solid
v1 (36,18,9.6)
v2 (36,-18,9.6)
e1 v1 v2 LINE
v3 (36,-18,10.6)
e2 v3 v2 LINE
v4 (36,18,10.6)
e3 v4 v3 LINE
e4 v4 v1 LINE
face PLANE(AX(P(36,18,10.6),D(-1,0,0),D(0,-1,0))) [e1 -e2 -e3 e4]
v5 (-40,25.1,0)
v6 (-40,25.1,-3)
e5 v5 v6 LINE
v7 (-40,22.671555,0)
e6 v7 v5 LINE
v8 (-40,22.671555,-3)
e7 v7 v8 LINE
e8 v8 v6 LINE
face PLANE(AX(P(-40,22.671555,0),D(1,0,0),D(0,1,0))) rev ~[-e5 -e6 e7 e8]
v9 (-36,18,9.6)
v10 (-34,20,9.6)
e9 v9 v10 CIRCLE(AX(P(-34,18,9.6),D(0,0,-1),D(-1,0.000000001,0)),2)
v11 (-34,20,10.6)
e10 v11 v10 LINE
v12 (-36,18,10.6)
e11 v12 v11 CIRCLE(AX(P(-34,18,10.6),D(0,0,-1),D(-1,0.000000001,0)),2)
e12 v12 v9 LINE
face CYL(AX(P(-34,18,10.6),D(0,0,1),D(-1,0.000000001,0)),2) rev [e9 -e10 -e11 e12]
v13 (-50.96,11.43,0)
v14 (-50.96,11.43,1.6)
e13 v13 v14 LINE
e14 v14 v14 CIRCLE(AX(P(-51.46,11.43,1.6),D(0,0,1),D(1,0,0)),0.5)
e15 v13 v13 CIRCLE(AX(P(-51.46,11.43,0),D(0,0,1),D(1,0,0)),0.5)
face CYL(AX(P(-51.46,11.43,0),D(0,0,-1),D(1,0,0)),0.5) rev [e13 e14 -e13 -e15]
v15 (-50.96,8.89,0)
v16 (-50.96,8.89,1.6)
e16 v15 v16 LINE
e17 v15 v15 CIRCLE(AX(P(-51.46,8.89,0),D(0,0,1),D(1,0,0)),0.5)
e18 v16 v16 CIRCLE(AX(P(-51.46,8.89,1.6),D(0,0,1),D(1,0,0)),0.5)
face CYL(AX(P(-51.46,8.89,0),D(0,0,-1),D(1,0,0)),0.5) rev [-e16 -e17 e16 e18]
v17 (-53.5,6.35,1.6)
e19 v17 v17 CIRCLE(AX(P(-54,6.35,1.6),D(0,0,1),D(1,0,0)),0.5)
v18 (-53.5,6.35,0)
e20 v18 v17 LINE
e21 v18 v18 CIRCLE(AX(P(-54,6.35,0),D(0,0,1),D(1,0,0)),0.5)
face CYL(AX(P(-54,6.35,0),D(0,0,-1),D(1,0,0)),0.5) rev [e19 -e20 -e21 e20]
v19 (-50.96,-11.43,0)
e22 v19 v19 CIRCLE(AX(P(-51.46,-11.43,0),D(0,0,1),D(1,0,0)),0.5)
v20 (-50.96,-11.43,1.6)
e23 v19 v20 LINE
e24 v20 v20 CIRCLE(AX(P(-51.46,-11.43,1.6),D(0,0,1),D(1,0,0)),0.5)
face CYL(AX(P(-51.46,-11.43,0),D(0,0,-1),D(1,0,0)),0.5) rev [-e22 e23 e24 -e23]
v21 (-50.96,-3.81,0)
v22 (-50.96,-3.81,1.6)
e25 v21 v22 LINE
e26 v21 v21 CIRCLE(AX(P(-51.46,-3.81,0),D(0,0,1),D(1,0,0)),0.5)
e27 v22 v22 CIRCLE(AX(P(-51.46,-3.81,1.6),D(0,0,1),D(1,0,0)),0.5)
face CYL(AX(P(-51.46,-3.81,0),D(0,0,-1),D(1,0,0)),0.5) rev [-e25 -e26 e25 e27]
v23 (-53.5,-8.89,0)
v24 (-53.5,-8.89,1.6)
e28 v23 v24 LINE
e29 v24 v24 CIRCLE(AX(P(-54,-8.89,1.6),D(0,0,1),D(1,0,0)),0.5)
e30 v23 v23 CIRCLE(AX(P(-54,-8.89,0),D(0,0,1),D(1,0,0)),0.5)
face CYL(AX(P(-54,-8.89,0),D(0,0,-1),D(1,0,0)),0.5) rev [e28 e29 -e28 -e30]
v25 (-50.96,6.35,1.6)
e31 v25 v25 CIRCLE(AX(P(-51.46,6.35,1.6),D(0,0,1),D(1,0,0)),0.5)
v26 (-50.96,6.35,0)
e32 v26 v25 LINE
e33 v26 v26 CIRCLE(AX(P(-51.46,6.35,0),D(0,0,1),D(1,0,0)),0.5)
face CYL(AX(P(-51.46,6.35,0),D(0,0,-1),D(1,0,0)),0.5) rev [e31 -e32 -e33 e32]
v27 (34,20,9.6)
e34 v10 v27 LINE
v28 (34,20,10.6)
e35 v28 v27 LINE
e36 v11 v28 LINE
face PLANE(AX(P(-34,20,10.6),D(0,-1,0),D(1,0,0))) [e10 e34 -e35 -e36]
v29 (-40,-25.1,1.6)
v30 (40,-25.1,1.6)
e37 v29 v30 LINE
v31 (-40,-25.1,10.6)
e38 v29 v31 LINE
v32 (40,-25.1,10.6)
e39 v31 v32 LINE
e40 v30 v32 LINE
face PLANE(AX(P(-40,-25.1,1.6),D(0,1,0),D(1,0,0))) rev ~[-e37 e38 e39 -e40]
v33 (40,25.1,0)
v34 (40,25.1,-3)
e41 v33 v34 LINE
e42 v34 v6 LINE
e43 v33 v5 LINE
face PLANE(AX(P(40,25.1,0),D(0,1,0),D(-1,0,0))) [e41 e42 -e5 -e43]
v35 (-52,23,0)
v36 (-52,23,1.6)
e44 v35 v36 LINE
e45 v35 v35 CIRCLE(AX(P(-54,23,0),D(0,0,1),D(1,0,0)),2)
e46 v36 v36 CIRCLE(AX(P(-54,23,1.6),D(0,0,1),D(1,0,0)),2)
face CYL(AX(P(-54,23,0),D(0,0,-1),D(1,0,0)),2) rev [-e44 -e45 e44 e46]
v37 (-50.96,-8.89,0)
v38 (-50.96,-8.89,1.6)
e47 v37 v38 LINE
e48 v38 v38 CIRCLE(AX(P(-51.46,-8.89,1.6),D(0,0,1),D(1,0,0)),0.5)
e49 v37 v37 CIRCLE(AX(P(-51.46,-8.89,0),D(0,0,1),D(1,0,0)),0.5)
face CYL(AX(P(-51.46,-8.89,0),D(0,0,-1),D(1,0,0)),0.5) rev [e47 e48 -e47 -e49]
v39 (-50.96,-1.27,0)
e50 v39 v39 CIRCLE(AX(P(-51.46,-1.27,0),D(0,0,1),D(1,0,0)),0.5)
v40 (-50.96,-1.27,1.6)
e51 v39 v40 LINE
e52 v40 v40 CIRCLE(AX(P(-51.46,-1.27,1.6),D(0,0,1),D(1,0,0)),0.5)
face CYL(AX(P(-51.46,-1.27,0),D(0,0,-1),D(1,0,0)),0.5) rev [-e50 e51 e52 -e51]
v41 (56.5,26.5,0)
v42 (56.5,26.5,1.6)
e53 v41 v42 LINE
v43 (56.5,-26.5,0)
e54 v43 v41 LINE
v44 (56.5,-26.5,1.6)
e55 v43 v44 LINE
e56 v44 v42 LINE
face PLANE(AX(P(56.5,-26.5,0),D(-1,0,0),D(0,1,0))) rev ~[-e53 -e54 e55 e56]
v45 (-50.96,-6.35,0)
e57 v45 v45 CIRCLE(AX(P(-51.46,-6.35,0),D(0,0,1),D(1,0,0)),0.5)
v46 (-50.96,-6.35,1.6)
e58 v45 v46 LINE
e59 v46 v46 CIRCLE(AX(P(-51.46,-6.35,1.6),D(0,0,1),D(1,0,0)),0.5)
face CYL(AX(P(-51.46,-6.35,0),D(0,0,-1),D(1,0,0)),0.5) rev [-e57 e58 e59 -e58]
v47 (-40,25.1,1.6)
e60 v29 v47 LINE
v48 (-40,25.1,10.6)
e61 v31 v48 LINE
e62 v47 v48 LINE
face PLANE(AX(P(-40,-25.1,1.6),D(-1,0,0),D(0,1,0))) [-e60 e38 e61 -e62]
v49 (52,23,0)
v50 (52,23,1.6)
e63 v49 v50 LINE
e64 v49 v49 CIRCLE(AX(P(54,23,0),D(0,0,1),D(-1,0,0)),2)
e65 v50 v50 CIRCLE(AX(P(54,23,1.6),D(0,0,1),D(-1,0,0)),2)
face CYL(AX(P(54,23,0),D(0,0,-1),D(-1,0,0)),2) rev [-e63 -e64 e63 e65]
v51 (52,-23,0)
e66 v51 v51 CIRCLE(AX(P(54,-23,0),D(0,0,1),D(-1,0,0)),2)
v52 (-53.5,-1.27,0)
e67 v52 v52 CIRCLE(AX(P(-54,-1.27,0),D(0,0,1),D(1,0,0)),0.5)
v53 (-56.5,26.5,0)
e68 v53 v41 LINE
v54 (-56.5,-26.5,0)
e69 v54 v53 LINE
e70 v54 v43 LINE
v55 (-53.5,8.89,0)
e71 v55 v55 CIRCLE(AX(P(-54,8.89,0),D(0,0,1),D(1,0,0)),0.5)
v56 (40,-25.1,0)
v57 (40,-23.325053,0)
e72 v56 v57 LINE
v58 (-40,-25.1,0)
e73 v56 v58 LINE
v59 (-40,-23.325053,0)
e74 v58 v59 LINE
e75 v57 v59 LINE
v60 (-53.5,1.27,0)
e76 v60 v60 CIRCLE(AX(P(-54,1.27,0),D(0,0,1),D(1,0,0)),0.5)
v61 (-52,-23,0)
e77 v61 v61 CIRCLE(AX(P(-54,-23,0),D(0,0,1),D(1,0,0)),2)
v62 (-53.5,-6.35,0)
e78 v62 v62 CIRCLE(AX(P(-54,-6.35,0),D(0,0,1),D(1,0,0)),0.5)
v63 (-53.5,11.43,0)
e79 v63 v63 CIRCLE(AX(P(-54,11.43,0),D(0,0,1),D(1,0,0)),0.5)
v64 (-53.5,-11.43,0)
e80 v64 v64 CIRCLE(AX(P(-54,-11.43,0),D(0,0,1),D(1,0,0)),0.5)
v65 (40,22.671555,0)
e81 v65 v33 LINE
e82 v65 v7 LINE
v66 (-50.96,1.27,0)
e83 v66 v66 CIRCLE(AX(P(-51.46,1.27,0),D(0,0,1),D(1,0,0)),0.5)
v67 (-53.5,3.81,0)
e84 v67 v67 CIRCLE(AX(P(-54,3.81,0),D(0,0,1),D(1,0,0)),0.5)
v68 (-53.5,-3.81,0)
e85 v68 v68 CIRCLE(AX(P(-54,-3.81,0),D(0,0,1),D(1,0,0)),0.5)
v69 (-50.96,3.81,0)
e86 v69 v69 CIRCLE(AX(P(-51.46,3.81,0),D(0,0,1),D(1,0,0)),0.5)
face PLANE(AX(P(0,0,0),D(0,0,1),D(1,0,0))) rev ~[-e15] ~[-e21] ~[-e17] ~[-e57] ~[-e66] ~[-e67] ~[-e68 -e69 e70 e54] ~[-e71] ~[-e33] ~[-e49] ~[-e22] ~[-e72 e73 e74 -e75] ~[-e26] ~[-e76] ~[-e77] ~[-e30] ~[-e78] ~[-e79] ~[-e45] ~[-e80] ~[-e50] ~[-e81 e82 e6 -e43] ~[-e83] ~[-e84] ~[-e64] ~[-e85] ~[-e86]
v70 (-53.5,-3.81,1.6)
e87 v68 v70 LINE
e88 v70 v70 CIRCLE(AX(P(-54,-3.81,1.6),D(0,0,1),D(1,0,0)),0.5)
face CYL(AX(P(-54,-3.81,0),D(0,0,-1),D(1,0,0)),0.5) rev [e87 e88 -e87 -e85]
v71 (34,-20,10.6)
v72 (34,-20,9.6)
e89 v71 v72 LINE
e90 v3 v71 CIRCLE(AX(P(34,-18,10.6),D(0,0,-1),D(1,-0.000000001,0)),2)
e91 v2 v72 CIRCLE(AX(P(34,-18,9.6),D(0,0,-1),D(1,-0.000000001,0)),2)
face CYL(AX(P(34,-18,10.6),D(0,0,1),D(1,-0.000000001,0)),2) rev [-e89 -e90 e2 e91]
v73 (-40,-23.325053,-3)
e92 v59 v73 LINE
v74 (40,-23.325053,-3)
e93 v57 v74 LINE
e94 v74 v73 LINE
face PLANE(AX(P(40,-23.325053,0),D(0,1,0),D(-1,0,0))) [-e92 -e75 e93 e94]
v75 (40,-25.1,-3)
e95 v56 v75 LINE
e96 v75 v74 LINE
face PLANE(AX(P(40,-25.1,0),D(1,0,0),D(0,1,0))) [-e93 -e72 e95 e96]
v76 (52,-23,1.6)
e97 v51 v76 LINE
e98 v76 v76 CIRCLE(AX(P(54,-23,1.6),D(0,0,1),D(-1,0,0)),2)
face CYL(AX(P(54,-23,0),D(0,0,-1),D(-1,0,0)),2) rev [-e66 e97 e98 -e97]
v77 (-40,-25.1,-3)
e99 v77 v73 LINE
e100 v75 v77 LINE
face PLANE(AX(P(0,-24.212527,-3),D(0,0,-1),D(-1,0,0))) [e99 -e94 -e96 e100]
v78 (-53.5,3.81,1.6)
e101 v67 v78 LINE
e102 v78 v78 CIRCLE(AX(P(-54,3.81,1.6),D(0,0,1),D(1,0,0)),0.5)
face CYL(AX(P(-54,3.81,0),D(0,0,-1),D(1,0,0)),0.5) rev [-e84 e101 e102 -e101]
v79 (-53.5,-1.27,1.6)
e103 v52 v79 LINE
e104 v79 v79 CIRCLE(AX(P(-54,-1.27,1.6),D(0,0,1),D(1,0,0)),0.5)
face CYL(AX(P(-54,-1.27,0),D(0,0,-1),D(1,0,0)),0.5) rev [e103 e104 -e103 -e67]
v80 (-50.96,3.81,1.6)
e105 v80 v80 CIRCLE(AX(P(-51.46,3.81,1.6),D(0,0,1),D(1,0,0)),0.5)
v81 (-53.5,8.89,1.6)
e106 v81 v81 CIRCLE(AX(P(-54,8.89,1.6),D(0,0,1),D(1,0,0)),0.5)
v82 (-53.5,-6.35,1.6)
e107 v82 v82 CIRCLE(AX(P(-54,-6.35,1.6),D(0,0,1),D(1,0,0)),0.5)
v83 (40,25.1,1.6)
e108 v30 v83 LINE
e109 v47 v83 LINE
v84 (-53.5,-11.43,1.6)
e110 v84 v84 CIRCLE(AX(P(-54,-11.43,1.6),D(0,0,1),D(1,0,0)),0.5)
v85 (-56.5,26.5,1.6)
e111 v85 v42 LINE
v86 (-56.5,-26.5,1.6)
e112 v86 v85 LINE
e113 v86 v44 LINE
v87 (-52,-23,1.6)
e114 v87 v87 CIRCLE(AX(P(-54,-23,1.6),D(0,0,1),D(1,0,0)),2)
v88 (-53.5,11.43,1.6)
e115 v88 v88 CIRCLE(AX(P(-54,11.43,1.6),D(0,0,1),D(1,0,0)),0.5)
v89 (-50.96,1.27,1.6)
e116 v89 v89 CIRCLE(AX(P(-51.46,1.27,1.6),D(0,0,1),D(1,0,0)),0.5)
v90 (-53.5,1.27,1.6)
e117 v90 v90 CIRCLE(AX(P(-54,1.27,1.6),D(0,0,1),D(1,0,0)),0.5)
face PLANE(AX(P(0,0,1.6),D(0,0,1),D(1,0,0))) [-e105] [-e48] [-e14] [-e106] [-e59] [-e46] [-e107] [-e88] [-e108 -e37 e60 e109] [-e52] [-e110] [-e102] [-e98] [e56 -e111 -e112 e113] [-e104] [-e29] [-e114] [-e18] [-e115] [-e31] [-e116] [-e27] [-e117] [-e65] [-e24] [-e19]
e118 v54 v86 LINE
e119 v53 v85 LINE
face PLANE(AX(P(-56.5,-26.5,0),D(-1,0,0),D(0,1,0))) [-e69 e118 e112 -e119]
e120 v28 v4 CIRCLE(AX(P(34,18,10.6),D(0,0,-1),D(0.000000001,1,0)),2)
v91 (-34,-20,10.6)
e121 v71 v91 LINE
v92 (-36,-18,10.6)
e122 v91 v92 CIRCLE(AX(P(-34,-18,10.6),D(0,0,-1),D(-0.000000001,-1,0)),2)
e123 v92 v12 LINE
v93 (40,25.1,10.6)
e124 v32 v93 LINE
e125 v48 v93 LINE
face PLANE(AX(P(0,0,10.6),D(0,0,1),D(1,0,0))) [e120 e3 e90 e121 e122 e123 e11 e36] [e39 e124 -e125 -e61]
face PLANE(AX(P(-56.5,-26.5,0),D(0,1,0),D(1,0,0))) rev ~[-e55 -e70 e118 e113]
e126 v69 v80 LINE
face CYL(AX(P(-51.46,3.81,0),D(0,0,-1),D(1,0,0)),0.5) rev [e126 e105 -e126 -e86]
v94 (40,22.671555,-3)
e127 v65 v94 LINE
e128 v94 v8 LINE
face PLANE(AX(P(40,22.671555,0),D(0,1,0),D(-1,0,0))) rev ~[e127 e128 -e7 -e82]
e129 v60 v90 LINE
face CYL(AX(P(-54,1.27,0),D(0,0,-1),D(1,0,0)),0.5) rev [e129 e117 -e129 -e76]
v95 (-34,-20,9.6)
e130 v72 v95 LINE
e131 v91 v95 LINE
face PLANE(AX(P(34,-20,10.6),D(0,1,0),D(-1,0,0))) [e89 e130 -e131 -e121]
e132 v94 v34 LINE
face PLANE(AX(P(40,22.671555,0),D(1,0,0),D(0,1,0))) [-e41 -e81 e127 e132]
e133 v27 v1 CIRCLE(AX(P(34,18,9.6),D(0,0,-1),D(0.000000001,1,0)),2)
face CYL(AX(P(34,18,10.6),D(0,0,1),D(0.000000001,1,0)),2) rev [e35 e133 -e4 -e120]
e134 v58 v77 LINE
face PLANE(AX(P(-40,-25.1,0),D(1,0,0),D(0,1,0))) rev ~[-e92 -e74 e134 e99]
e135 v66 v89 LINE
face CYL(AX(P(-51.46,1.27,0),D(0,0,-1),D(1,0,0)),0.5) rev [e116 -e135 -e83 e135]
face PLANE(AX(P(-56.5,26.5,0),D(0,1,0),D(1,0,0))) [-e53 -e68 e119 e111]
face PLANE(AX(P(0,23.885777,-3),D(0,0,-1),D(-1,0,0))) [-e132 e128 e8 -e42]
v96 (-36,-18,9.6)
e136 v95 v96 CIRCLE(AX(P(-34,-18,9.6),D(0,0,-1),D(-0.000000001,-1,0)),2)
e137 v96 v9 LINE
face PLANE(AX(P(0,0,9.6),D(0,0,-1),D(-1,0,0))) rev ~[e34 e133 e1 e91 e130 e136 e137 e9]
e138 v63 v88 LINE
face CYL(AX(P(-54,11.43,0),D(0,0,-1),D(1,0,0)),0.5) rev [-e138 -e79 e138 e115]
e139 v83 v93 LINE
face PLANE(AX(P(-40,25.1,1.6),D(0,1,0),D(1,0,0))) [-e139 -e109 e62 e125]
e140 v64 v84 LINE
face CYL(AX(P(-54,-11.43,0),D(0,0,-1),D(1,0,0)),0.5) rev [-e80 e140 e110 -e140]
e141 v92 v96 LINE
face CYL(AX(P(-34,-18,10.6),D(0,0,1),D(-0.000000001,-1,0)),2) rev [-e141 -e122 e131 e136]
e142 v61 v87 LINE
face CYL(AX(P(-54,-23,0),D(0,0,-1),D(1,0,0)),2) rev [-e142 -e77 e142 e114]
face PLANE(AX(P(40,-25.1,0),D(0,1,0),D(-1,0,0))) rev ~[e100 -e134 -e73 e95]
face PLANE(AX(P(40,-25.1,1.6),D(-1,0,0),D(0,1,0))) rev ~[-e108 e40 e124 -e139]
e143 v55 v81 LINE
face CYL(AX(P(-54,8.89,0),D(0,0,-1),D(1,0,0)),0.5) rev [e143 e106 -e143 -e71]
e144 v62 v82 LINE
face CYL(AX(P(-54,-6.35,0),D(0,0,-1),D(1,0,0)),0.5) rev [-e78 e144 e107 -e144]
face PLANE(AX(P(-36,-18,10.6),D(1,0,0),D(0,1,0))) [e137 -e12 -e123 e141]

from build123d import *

# Parameters (mm, degrees)
ESQUISSE1_W             = 113
ESQUISSE1_H             = 53
ESQUISSE1_R             = 2
ESQUISSE1_R_2           = 0.5
BOSS_EXTRU_1_DEPTH      = 1.6
ESQUISSE2_W             = 80
ESQUISSE2_H             = 50.2
BOSS_EXTRU_2_DEPTH      = 9
ENL_V_MAT_EXTRU_1_DEPTH = 1
ESQUISSE6_W             = 80
ESQUISSE6_H             = 2.428445289
ESQUISSE6_H_2           = 1.774946784
BOSS_EXTRU_3_DEPTH      = 3


with BuildPart() as part:
    # Esquisse1 → Boss.-Extru.1 (new body)
    with BuildSketch(Plane.XY):
        Rectangle(ESQUISSE1_W, ESQUISSE1_H)
        with Locations((-54, 23)):
            Circle(ESQUISSE1_R, mode=Mode.SUBTRACT)
        with Locations((-54, -23)):
            Circle(ESQUISSE1_R, mode=Mode.SUBTRACT)
        with Locations(Location((54, -23, 0), (0, 0, 180))):
            Circle(ESQUISSE1_R, mode=Mode.SUBTRACT)
        with Locations(Location((54, 23, 0), (0, 0, 180))):
            Circle(ESQUISSE1_R, mode=Mode.SUBTRACT)
        with Locations((-54, 11.43)):
            Circle(ESQUISSE1_R_2, mode=Mode.SUBTRACT)
        with Locations((-51.46, 11.43)):
            Circle(ESQUISSE1_R_2, mode=Mode.SUBTRACT)
        with Locations((-51.46, 8.89)):
            Circle(ESQUISSE1_R_2, mode=Mode.SUBTRACT)
        with Locations((-51.46, 6.35)):
            Circle(ESQUISSE1_R_2, mode=Mode.SUBTRACT)
        with Locations((-51.46, 3.81)):
            Circle(ESQUISSE1_R_2, mode=Mode.SUBTRACT)
        with Locations((-51.46, 1.27)):
            Circle(ESQUISSE1_R_2, mode=Mode.SUBTRACT)
        with Locations((-51.46, -1.27)):
            Circle(ESQUISSE1_R_2, mode=Mode.SUBTRACT)
        with Locations((-51.46, -3.81)):
            Circle(ESQUISSE1_R_2, mode=Mode.SUBTRACT)
        with Locations((-51.46, -6.35)):
            Circle(ESQUISSE1_R_2, mode=Mode.SUBTRACT)
        with Locations((-51.46, -8.89)):
            Circle(ESQUISSE1_R_2, mode=Mode.SUBTRACT)
        with Locations((-51.46, -11.43)):
            Circle(ESQUISSE1_R_2, mode=Mode.SUBTRACT)
        with Locations((-54, 8.89)):
            Circle(ESQUISSE1_R_2, mode=Mode.SUBTRACT)
        with Locations((-54, 6.35)):
            Circle(ESQUISSE1_R_2, mode=Mode.SUBTRACT)
        with Locations((-54, 3.81)):
            Circle(ESQUISSE1_R_2, mode=Mode.SUBTRACT)
        with Locations((-54, 1.27)):
            Circle(ESQUISSE1_R_2, mode=Mode.SUBTRACT)
        with Locations((-54, -1.27)):
            Circle(ESQUISSE1_R_2, mode=Mode.SUBTRACT)
        with Locations((-54, -3.81)):
            Circle(ESQUISSE1_R_2, mode=Mode.SUBTRACT)
        with Locations((-54, -6.35)):
            Circle(ESQUISSE1_R_2, mode=Mode.SUBTRACT)
        with Locations((-54, -8.89)):
            Circle(ESQUISSE1_R_2, mode=Mode.SUBTRACT)
        with Locations((-54, -11.43)):
            Circle(ESQUISSE1_R_2, mode=Mode.SUBTRACT)
    extrude(amount=BOSS_EXTRU_1_DEPTH)

    # Esquisse2 → Boss.-Extru.2 (add)
    with BuildSketch(Plane.XY.offset(1.6)):
        Rectangle(ESQUISSE2_W, ESQUISSE2_H)
    extrude(amount=BOSS_EXTRU_2_DEPTH)

    # Esquisse4 → Enlèv. mat.-Extru.1 (cut)
    with BuildSketch(Plane.XY.offset(10.6)):
        with BuildLine():
            Line((34, -20), (-34, -20))
            ThreePointArc((-34, -20), (-35.414213562, -19.414213562), (-36, -18))
            Line((-36, -18), (-36, 18))
            ThreePointArc((-36, 18), (-35.414213562, 19.414213562), (-34, 20))
            Line((-34, 20), (34, 20))
            ThreePointArc((34, 20), (35.414213562, 19.414213562), (36, 18))
            Line((36, 18), (36, -18))
            ThreePointArc((36, -18), (35.414213562, -19.414213562), (34, -20))
        make_face()
    extrude(amount=-ENL_V_MAT_EXTRU_1_DEPTH, mode=Mode.SUBTRACT)

    # Esquisse6 → Boss.-Extru.3 (add)
    with BuildSketch(Plane(origin=(0, 0, 0), x_dir=(-1, 0, 0), z_dir=(0, 0, -1))):
        with Locations((0, 23.885777356)):
            Rectangle(ESQUISSE6_W, ESQUISSE6_H)
        with Locations((0, -24.212526608)):
            Rectangle(ESQUISSE6_W, ESQUISSE6_H_2)
    extrude(amount=BOSS_EXTRU_3_DEPTH)


solid = part.part
